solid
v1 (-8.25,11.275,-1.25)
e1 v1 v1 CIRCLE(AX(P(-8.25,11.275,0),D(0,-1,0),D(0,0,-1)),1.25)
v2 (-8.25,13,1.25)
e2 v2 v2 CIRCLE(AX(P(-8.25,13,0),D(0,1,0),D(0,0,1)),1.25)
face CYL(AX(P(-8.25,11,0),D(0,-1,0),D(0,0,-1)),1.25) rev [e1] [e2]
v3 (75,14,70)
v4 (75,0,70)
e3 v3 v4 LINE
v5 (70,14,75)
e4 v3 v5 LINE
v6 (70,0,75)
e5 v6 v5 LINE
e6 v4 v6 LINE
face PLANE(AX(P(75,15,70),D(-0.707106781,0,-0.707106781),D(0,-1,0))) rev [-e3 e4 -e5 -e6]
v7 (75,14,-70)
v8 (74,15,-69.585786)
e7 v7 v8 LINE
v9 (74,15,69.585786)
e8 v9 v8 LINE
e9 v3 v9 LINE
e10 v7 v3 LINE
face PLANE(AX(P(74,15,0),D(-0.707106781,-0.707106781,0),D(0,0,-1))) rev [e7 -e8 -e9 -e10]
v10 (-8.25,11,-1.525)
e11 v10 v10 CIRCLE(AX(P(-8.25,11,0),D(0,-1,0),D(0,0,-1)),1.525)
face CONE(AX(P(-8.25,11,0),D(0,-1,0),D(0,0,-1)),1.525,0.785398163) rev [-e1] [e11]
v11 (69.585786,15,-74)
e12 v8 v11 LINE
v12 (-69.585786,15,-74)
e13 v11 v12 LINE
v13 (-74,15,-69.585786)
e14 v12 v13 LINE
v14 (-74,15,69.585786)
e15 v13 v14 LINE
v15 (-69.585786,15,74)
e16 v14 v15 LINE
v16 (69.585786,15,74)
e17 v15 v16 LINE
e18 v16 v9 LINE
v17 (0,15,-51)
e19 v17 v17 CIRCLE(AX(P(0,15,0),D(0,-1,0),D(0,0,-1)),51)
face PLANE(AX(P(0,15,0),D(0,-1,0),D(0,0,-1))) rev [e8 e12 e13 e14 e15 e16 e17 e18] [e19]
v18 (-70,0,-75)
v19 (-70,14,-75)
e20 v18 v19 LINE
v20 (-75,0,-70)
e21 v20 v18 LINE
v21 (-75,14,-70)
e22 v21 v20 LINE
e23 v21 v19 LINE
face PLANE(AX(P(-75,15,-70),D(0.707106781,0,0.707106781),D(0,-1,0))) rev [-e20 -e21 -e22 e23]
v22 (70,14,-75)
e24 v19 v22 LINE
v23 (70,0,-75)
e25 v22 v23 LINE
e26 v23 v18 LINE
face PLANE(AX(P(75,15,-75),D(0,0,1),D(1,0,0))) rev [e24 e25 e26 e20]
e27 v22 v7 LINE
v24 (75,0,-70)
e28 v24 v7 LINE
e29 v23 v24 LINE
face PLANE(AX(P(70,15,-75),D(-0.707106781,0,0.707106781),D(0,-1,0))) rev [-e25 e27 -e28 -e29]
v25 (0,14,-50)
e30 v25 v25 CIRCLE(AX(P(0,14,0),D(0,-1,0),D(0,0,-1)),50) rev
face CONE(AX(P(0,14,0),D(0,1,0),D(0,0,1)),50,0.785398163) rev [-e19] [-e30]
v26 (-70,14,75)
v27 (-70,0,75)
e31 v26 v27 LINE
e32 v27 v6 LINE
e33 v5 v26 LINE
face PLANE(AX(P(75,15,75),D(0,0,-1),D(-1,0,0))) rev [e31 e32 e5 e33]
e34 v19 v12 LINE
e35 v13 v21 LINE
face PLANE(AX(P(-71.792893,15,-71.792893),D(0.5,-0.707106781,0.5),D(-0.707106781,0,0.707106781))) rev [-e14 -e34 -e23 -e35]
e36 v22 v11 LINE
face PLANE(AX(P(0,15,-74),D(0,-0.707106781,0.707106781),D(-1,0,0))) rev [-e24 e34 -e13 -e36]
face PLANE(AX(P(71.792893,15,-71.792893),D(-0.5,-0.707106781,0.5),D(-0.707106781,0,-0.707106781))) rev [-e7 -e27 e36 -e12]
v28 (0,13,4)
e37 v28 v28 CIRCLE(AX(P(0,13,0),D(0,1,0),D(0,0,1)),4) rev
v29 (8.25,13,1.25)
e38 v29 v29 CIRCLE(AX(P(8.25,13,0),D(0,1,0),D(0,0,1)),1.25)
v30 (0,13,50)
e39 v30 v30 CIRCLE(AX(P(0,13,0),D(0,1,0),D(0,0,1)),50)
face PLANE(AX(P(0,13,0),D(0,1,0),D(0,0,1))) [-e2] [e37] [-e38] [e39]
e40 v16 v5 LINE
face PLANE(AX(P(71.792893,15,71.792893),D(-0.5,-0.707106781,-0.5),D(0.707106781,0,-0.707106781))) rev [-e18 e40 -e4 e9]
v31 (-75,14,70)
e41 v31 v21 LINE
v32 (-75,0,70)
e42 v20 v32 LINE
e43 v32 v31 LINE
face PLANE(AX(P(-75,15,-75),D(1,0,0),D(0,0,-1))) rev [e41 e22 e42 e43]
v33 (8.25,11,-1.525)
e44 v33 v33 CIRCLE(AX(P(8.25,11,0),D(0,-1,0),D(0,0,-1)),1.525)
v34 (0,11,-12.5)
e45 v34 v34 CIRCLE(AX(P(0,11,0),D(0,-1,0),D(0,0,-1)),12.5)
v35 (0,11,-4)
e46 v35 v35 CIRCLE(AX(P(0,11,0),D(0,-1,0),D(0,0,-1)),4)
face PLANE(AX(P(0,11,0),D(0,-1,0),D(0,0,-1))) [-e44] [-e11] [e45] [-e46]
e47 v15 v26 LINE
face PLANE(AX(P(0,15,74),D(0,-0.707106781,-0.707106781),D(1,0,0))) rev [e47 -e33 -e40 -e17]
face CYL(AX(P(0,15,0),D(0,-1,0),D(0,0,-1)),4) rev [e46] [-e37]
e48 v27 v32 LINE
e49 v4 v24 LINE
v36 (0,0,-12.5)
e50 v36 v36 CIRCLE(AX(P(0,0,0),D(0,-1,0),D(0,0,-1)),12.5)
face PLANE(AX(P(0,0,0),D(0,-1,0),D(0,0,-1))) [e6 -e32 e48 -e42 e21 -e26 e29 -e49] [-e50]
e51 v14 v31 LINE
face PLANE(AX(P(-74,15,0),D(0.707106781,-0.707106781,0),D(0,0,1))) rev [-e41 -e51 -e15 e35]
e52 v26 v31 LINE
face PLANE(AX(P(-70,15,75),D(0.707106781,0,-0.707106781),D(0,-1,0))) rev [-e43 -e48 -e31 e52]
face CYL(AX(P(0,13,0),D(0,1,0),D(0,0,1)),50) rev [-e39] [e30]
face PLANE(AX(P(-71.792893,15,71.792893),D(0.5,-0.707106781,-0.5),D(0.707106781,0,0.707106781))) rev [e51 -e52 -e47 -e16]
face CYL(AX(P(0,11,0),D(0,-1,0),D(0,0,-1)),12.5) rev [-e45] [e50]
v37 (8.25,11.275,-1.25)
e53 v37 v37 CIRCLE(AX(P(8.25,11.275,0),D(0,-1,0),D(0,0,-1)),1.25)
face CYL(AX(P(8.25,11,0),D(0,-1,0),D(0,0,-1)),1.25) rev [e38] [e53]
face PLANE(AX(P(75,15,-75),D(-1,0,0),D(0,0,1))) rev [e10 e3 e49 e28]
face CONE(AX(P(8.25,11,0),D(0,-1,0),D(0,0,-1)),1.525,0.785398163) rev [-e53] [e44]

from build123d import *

# Parameters (mm, degrees)
SKETCH1_W                   = 150
SKETCH1_H                   = 150
BOSS_EXTRUDE1_DEPTH         = 15
SKETCH2_R                   = 12.5
CUT_EXTRUDE1_DEPTH          = 11
SKETCH3_R                   = 4
CUT_EXTRUDE2_DEPTH          = 107.6348911
SKETCH4_R                   = 50
CUT_EXTRUDE3_DEPTH          = 2
M3_TAPPED_HOLE1_D           = 2.5
M3_TAPPED_HOLE1_DEPTH       = 7.5
M3_TAPPED_HOLE1_CSINK_D     = 3.05
M3_TAPPED_HOLE1_CSINK_ANGLE = 90
M3_TAPPED_HOLE1_TIP         = 0.751075774
CHAMFER2_SIZE               = 5
CHAMFER1_SIZE               = 1


with BuildPart() as part:
    # Sketch1 → Boss-Extrude1 (new body)
    with BuildSketch(Plane(origin=(0, 0, 0), x_dir=(1, 0, 0), z_dir=(0, 1, 0))):
        Rectangle(SKETCH1_W, SKETCH1_H)
    extrude(amount=BOSS_EXTRUDE1_DEPTH)

    # Sketch2 → Cut-Extrude1 (cut)
    with BuildSketch(Plane(origin=(0, 0, 0), x_dir=(-1, 0, 0), z_dir=(0, -1, 0))):
        with Locations(Location((0, 0, 0), (0, 0, 90))):
            Circle(SKETCH2_R)
    extrude(amount=-CUT_EXTRUDE1_DEPTH, mode=Mode.SUBTRACT)

    # Sketch3 → Cut-Extrude2 (cut, through all)
    with BuildSketch(Plane(origin=(0, 11, 0), x_dir=(-1, 0, 0), z_dir=(0, -1, 0))):
        with Locations(Location((0, 0, 0), (0, 0, 90))):
            Circle(SKETCH3_R)
    extrude(amount=-CUT_EXTRUDE2_DEPTH, mode=Mode.SUBTRACT)

    # Sketch4 → Cut-Extrude3 (cut)
    with BuildSketch(Plane(origin=(0, 15, 0), x_dir=(1, 0, 0), z_dir=(0, 1, 0))):
        with Locations(Location((0, 0, 0), (0, 0, 270))):
            Circle(SKETCH4_R)
    extrude(amount=-CUT_EXTRUDE3_DEPTH, mode=Mode.SUBTRACT)

    # M3 Tapped Hole1
    with Locations(Plane(origin=(8.25, 11, 0), x_dir=(0, 0, -1), z_dir=(0, -1, 0))):
        with Locations((0, 0), (0, -16.5)):
            CounterSinkHole(M3_TAPPED_HOLE1_D / 2, M3_TAPPED_HOLE1_CSINK_D / 2, depth=M3_TAPPED_HOLE1_DEPTH, counter_sink_angle=M3_TAPPED_HOLE1_CSINK_ANGLE)
            with Locations((0, 0, -(M3_TAPPED_HOLE1_DEPTH + M3_TAPPED_HOLE1_TIP / 2))):  # 118° drill point
                Cone(0, M3_TAPPED_HOLE1_D / 2, M3_TAPPED_HOLE1_TIP, mode=Mode.SUBTRACT)

    # Chamfer2
    chamfer2_edges = [part.edges().sort_by_distance(p)[0] for p in [
        (75, 7.5, 75),
        (-75, 7.5, 75),
        (-75, 7.5, -75),
        (75, 7.5, -75),
    ]]
    chamfer(chamfer2_edges, length=CHAMFER2_SIZE)

    # Chamfer1
    chamfer1_edges = [part.edges().sort_by_distance(p)[0] for p in [
        (0, 15, -50),
        (0, 15, -75),
        (75, 15, 0),
        (-75, 15, 0),
        (0, 15, 75),
        (-72.5, 15, -72.5),
        (-72.5, 15, 72.5),
        (72.5, 15, 72.5),
        (72.5, 15, -72.5),
    ]]
    chamfer(chamfer1_edges, length=CHAMFER1_SIZE)


solid = part.part
